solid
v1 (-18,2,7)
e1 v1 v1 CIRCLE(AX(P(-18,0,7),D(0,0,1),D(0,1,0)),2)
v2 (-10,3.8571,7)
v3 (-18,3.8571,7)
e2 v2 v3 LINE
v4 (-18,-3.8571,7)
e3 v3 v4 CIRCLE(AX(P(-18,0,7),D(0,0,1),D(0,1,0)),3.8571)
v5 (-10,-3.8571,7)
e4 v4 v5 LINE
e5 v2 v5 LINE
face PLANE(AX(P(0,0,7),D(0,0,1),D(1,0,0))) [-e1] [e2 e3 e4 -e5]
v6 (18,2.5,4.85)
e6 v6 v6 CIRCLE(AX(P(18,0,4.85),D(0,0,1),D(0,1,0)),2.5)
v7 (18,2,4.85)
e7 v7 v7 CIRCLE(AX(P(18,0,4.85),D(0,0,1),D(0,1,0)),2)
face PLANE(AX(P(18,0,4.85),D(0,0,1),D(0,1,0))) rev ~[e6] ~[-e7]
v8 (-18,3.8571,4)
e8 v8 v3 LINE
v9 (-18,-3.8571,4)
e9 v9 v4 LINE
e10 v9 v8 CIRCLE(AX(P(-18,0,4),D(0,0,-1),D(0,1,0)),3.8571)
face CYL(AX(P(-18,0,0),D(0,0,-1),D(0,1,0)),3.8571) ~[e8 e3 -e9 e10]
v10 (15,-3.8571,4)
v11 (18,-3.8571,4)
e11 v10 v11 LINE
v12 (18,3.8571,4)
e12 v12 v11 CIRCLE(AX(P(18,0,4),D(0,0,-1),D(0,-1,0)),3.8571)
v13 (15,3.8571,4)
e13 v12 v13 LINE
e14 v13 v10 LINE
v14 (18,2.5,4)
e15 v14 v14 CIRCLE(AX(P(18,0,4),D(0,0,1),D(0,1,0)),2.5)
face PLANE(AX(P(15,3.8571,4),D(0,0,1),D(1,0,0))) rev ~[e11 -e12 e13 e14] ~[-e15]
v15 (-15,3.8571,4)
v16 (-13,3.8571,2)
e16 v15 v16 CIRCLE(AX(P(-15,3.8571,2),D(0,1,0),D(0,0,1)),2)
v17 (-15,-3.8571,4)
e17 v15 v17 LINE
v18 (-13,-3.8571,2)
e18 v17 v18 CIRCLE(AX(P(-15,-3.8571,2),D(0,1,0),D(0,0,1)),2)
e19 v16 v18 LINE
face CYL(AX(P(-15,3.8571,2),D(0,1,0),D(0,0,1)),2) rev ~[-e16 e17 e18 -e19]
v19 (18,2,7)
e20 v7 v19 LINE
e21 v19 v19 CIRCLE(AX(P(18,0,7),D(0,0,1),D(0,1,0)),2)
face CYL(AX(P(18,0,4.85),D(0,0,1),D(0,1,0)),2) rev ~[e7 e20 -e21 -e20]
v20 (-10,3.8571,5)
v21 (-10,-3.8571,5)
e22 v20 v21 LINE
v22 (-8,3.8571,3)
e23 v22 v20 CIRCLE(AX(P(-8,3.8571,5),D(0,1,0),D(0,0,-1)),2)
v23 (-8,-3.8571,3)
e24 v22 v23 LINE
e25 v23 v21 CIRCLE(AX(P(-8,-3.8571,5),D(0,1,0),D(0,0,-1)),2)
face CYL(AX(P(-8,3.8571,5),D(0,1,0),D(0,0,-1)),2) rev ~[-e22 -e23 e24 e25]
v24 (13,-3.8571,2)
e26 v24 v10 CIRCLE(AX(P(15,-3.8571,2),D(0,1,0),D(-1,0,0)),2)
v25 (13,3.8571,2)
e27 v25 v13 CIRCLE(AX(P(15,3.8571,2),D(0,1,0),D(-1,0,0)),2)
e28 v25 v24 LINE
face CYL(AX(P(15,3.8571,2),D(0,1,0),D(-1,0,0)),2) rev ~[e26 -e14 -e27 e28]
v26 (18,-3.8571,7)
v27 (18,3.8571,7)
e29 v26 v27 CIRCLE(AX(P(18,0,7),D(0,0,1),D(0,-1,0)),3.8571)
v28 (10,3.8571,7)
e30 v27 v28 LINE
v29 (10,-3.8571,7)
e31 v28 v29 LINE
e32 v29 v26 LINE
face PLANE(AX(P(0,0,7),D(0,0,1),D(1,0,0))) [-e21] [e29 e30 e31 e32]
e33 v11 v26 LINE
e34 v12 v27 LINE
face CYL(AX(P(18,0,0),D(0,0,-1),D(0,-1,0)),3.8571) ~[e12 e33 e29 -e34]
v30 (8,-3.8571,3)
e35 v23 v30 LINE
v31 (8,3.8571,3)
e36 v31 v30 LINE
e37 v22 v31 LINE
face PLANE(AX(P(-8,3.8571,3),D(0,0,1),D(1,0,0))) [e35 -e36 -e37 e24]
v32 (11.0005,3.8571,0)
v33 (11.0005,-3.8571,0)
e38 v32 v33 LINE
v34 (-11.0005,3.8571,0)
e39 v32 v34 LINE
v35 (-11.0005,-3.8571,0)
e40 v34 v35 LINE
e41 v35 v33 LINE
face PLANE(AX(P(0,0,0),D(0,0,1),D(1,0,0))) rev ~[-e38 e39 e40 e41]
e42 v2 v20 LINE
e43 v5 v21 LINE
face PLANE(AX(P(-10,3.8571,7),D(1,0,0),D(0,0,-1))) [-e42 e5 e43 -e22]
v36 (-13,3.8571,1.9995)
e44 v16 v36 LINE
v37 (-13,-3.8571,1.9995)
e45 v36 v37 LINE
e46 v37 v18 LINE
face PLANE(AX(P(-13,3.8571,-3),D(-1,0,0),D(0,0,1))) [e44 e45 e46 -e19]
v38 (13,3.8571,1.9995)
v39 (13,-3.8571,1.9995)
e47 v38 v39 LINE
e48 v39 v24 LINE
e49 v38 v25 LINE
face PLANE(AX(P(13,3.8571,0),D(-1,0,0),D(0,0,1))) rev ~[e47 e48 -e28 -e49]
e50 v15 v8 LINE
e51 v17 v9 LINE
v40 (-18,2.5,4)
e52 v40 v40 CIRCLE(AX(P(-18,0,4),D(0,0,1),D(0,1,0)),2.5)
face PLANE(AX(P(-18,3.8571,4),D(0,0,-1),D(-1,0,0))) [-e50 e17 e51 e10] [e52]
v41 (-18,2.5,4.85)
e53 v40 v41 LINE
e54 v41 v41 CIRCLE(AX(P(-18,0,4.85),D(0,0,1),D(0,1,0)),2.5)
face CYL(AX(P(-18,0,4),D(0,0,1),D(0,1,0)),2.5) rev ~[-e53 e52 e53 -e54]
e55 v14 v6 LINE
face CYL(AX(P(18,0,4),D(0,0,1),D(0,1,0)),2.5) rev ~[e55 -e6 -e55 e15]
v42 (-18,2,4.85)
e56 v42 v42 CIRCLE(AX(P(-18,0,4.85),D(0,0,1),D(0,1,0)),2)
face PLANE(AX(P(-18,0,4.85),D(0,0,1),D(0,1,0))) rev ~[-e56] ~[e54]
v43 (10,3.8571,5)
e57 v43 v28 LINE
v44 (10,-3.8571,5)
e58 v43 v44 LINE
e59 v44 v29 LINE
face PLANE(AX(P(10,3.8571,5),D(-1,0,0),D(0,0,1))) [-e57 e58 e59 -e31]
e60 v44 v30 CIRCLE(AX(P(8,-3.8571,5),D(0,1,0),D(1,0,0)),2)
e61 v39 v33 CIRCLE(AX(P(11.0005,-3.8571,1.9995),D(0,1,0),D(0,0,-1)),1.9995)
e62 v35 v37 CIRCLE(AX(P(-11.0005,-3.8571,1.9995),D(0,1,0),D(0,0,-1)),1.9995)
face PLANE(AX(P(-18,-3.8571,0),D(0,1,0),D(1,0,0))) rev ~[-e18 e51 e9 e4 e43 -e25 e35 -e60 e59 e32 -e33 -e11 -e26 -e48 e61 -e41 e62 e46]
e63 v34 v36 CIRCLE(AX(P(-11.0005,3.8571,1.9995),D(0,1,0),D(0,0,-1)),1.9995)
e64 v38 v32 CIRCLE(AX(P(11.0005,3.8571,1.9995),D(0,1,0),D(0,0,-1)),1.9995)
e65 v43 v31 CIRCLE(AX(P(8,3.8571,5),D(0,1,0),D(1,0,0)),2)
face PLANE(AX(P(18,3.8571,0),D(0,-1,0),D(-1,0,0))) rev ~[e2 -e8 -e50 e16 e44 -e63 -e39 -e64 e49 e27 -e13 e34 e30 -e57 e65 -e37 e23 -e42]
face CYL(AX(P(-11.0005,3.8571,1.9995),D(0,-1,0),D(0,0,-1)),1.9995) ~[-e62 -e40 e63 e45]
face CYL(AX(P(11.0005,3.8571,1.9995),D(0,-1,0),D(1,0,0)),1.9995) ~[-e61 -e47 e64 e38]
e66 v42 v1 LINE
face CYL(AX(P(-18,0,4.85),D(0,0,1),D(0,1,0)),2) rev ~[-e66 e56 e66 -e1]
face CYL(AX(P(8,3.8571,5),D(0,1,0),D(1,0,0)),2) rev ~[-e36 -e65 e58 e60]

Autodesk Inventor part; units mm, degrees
ref_plane "YZ Plane" through (0, 0, 0) normal (1, 0, 0) x (0, 1, 0)
ref_plane "XZ Plane" through (0, 0, 0) normal (0, 1, 0) x (-1, 0, 0)
ref_plane "XY Plane" through (0, 0, 0) normal (0, 0, 1) x (1, 0, 0)
sketch "Sketch1" plane through (0, 0, 0) normal (0, 0, 1) x (1, 0, 0)
  line L0 (-18, 0) -> (18, 0) construction
  arc A0 (-18, 3.8571) -> (-18, -3.8571) centre (-18, 0) ccw
  arc A1 (18, -3.8571) -> (18, 3.8571) centre (18, 0) ccw
  line L1 (-18, -3.8571) -> (18, -3.8571)
  line L2 (18, 3.8571) -> (-18, 3.8571)
  point P0 (0, 0)
  dimension "d26" = 36
extrude "Extrusion1" add sketch "Sketch1" along normal blind 7
sketch "Sketch2" plane through (-18, 3.8571, 0) normal (0, 1, 0) x (1, 0, 0)
  line L0 (33, -4) -> (50.7344, -4) construction
  line L1 (36, -7) -> (0, -7) projected
  line L2 (10, -3) -> (26, -3)
  line L3 (28, -5) -> (28, -7)
  line L4 (28, -7) -> (8, -7)
  line L5 (8, -7) -> (8, -5)
  line L6 (36, 0) -> (0, 0) projected
  line L7 (0, 0) -> (0, -7) projected
  line L8 (36, 0) -> (36, -7) projected
  line L9 (3, -4) -> (-4.7246, -4)
  line L10 (-4.7246, -4) -> (-4.7246, 3)
  line L11 (-4.7246, 3) -> (5, 3)
  line L12 (5, 3) -> (5, -2)
  line L13 (33, -4) -> (47.7116, -4)
  line L14 (47.7116, -4) -> (47.7116, 0.5212)
  line L15 (47.7116, 0.5212) -> (31, 0.5212)
  line L16 (31, 0.5212) -> (31, -2)
  arc A0 (3, -4) -> (5, -2) centre (3, -2) ccw
  arc A1 (10, -3) -> (8, -5) centre (10, -5) ccw
  arc A2 (28, -5) -> (26, -3) centre (26, -5) ccw
  arc A3 (31, -2) -> (33, -4) centre (33, -2) ccw
  point P0 (18, 0)
  point P1 (8, -3)
  point P2 (28, -3)
  point P3 (5, -4)
  dimension "d7" = 3
  dimension "d8" = 8
  dimension "d9" = 8
  dimension "d10" = 3
  dimension "d11" = 3
  dimension "d24" = 2
extrude "Extrusion2" cut sketch "Sketch2" against normal blind 10 contours L1 L5 A1 L2 A2 L3 | L13 A3 L16 L6 L8 | L8 L6 L16 L15 L14 L13 | L9 L10 L11 L12 L6 L7 | L7 L6 L12 A0 L9
sketch "Sketch3" plane through (0, 0, 7) normal (0, 0, 1) x (1, 0, 0)
  arc A0 (-18, 3.8571) -> (-18, -3.8571) centre (-18, 0) ccw projected
  point P0 (0, 0)
sketch "Sketch4" plane through (-13, 3.8571, 4) normal (0, 0, -1) x (-1, 0, 0)
  arc A0 (5, -7.7143) -> (5, 0) centre (5, -3.8571) ccw projected
  point P0 (-13, -3.8571)
hole "Hole1" at (-18, 0, 4) direction (0, 0, 1) diameter 4 depth 3 tip angle 118 counterbore diameter 5 counterbore depth 0.85
pattern_linear "Rectangular Pattern1" count 2 spacing 36 along (1, 0, 0) of "Hole1"
fillet "Fillet1" radius 2 2 edges at (13, 0, 0) (-13, 0, 0)
properties part number "opencm_strap"
